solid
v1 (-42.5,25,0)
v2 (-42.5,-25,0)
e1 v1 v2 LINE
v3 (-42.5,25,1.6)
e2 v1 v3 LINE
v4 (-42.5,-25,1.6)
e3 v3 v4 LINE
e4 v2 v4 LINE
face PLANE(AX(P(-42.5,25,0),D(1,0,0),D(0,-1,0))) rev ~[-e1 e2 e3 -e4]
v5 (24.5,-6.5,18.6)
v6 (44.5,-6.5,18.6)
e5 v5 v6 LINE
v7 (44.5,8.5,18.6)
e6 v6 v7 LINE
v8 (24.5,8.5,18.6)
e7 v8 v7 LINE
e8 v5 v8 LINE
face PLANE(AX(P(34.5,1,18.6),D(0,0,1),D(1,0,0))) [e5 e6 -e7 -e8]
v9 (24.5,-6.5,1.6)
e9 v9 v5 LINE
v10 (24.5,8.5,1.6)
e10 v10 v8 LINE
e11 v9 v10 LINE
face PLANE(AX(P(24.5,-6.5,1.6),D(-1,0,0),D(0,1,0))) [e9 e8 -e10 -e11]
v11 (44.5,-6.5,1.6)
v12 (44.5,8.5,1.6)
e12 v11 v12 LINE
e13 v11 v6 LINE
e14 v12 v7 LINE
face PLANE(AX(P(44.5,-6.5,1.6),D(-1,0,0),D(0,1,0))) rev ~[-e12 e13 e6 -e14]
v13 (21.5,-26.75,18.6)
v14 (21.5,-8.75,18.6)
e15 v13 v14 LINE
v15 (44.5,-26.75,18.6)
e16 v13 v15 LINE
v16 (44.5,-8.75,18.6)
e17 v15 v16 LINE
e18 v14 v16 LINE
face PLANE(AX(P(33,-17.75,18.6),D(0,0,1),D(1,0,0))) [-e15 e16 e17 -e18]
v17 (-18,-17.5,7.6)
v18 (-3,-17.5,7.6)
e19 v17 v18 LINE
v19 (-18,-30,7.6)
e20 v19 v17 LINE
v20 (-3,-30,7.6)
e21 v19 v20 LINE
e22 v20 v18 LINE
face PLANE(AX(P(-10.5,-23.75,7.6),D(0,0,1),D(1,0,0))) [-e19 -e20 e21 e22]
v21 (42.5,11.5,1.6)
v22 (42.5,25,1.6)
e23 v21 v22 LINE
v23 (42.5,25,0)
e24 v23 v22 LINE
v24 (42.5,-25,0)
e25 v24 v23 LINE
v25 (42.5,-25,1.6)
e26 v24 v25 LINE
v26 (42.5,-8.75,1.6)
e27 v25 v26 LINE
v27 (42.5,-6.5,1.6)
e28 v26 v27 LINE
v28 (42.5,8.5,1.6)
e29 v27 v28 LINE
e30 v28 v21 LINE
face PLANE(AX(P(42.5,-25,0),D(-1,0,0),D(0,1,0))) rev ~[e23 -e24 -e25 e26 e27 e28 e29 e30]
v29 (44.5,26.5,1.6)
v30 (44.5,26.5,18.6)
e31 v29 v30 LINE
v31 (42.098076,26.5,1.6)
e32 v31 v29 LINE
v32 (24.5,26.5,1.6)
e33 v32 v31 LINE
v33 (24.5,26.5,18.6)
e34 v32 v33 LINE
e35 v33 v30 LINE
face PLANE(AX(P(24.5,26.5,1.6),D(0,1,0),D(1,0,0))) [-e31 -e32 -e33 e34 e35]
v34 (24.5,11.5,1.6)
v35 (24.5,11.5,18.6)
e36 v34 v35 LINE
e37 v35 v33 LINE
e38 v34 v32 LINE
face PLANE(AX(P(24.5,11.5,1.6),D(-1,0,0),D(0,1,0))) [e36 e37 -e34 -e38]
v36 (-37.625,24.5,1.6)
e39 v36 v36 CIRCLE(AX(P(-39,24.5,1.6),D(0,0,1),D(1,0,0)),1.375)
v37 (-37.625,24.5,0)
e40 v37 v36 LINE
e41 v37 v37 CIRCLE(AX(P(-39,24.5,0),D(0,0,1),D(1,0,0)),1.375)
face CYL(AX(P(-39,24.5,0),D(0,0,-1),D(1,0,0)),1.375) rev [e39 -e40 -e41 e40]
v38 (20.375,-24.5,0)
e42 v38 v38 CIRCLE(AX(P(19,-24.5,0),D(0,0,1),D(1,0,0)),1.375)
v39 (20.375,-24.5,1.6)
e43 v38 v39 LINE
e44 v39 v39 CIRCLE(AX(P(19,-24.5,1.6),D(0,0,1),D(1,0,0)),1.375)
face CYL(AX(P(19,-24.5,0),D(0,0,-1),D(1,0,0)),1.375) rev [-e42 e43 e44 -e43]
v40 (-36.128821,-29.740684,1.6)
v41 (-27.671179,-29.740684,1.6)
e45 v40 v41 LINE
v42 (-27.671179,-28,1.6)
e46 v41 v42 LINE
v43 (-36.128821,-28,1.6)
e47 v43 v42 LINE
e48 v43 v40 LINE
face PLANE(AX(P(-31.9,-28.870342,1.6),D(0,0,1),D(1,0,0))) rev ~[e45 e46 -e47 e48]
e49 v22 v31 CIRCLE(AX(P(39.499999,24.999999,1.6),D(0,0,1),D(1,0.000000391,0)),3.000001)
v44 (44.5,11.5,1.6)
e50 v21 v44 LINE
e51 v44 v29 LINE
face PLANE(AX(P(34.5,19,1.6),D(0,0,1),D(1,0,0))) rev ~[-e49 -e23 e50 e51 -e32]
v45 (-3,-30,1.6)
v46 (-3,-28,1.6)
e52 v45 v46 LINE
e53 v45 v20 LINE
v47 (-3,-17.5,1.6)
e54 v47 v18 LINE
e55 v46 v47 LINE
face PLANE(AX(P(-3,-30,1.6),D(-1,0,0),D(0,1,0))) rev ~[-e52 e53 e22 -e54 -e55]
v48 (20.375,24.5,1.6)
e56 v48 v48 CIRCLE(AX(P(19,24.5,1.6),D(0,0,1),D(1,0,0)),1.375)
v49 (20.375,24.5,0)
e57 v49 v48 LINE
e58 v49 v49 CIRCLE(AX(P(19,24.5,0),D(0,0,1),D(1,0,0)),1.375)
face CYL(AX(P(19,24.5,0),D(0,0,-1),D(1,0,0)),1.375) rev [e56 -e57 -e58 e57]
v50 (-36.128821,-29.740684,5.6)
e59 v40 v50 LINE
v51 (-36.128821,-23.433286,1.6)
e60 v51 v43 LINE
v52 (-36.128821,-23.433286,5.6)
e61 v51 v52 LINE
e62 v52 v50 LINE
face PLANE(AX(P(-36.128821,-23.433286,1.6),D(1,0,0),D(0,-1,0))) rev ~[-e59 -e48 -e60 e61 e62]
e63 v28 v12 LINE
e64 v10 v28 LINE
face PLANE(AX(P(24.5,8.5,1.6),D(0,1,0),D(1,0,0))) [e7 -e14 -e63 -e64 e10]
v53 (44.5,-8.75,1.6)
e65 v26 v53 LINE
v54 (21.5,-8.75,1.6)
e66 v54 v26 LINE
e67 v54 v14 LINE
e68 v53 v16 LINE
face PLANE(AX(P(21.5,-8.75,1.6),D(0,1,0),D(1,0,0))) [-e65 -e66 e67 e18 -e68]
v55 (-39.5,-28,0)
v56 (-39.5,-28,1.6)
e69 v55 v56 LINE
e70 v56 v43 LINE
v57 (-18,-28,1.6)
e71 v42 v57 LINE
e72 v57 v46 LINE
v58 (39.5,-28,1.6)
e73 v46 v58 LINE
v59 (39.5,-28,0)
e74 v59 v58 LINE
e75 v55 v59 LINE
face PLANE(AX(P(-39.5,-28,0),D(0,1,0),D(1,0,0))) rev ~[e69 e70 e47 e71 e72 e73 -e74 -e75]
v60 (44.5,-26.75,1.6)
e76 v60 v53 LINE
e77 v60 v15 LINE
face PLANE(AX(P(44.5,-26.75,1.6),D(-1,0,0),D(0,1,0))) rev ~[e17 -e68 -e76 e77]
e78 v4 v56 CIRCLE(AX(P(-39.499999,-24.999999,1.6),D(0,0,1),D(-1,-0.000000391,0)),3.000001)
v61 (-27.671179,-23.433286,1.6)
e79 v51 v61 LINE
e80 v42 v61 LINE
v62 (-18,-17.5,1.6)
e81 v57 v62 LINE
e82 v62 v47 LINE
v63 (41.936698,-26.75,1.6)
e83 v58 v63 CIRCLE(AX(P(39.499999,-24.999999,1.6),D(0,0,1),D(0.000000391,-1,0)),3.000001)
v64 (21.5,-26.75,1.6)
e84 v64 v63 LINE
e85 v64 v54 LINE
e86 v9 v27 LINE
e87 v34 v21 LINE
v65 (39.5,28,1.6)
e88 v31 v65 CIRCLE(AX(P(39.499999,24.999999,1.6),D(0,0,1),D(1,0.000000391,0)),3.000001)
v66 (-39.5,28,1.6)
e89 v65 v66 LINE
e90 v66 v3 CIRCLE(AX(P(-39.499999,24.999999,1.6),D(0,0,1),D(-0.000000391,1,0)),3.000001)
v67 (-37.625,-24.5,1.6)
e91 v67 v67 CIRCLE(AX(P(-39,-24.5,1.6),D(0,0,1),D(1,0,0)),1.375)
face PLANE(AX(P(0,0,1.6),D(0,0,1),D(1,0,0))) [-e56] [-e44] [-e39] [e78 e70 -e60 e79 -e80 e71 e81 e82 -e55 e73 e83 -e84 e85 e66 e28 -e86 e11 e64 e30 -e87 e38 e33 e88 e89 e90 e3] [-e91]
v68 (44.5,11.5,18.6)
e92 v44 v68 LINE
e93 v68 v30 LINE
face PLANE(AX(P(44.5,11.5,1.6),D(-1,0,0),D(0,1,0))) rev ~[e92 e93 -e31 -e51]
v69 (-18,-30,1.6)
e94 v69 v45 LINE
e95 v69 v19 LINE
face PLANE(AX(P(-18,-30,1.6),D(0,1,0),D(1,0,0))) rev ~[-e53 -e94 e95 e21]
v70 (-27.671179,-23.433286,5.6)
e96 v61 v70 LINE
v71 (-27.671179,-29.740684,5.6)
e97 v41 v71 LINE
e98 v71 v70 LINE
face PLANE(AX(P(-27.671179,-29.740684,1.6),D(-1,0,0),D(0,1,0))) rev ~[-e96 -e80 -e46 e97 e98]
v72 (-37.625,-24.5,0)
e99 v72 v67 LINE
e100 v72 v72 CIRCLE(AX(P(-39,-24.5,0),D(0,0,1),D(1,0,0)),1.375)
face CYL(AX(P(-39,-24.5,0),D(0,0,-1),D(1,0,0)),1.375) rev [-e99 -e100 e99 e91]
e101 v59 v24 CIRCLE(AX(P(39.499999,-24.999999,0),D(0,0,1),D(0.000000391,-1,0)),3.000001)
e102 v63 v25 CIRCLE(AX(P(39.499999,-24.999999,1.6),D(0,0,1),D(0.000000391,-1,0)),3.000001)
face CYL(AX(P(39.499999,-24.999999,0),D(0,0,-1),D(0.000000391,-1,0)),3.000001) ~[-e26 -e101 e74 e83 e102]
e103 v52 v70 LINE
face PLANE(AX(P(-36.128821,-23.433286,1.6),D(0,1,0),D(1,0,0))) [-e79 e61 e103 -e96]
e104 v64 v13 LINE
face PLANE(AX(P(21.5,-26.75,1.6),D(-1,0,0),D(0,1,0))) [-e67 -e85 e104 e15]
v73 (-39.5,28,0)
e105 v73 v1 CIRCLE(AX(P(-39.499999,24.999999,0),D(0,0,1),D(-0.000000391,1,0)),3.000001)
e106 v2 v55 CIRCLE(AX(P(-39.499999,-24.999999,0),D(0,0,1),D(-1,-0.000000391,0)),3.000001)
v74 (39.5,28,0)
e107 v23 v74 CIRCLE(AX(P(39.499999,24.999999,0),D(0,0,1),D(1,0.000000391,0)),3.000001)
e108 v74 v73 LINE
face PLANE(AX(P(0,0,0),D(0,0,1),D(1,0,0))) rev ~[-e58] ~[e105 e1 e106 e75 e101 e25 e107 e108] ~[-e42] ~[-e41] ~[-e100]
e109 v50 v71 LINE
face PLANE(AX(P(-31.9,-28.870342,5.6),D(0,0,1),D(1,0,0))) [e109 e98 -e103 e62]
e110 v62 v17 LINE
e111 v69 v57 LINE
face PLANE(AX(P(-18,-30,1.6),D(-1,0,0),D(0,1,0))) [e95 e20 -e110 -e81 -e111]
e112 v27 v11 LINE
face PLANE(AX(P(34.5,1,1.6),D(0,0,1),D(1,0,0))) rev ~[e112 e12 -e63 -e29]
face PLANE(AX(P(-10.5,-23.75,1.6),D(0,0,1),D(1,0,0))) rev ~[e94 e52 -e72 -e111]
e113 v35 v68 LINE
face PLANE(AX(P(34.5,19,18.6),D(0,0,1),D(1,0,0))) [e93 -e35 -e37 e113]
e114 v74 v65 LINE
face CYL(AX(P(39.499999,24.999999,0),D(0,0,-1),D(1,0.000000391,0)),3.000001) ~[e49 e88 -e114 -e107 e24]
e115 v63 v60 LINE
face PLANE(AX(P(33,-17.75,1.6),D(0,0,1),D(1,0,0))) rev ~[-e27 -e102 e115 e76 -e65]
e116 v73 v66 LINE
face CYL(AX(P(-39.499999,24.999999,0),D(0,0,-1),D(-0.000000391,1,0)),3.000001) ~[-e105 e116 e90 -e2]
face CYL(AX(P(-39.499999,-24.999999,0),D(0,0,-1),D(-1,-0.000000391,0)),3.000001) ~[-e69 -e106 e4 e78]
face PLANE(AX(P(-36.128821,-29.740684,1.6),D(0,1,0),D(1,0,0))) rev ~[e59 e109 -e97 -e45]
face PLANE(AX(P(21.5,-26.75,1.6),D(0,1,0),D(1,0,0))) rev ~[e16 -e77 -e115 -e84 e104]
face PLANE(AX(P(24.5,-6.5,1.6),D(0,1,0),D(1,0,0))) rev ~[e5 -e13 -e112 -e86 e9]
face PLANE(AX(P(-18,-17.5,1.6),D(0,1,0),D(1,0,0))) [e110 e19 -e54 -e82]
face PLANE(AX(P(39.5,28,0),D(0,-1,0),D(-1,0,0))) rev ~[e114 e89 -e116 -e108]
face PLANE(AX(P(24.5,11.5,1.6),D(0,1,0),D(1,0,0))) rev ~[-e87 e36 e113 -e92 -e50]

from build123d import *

# Parameters (mm, degrees)
F0_R     = 1.375
F1_DEPTH = 1.6
F2_W     = 8.457642
F2_H     = 1.740684
F2_H_2   = 4.566714
F3_DEPTH = 4
F4_W     = 20
F4_H     = 15
F4_W_2   = 23
F4_H_2   = 18
F5_DEPTH = 17
F6_W     = 15
F6_H     = 12.5
F7_DEPTH = 6


with BuildPart() as f1:
    # F0 (on Top) → F1 (new body)
    with BuildSketch(Plane.XY):
        with BuildLine():
            Line((-39.5, -28), (39.5, -28))
            ThreePointArc((39.5, -28), (41.62132, -27.12132), (42.5, -25))
            Line((42.5, -25), (42.5, 25))
            ThreePointArc((42.5, 25), (41.62132, 27.12132), (39.5, 28))
            Line((39.5, 28), (-39.5, 28))
            ThreePointArc((-39.5, 28), (-41.62132, 27.12132), (-42.5, 25))
            Line((-42.5, 25), (-42.5, -25))
            ThreePointArc((-42.5, -25), (-41.62132, -27.12132), (-39.5, -28))
        make_face()
        with Locations((-39, -24.5)):
            Circle(F0_R, mode=Mode.SUBTRACT)
        with Locations((19, -24.5)):
            Circle(F0_R, mode=Mode.SUBTRACT)
        with Locations((-39, 24.5)):
            Circle(F0_R, mode=Mode.SUBTRACT)
        with Locations((19, 24.5)):
            Circle(F0_R, mode=Mode.SUBTRACT)
    extrude(amount=F1_DEPTH)

    # F2 (on face) → F3 (join)
    with BuildSketch(Plane.XY.offset(1.6)):
        with Locations((-31.9, -28.870342)):
            Rectangle(F2_W, F2_H)
        with Locations((-31.9, -25.716643)):
            Rectangle(F2_W, F2_H_2)
    extrude(amount=F3_DEPTH)

    # F4 (on face) → F5 (join)
    with BuildSketch(Plane.XY.offset(1.6)):
        with Locations((34.5, 19)):
            Rectangle(F4_W, F4_H)
        with Locations((34.5, 1)):
            Rectangle(F4_W, F4_H)
        with Locations((33, -17.75)):
            Rectangle(F4_W_2, F4_H_2)
    extrude(amount=F5_DEPTH)

    # F6 (on face) → F7 (join)
    with BuildSketch(Plane.XY.offset(1.6)):
        with Locations((-10.5, -23.75)):
            Rectangle(F6_W, F6_H)
    extrude(amount=F7_DEPTH)


solid = f1.part
